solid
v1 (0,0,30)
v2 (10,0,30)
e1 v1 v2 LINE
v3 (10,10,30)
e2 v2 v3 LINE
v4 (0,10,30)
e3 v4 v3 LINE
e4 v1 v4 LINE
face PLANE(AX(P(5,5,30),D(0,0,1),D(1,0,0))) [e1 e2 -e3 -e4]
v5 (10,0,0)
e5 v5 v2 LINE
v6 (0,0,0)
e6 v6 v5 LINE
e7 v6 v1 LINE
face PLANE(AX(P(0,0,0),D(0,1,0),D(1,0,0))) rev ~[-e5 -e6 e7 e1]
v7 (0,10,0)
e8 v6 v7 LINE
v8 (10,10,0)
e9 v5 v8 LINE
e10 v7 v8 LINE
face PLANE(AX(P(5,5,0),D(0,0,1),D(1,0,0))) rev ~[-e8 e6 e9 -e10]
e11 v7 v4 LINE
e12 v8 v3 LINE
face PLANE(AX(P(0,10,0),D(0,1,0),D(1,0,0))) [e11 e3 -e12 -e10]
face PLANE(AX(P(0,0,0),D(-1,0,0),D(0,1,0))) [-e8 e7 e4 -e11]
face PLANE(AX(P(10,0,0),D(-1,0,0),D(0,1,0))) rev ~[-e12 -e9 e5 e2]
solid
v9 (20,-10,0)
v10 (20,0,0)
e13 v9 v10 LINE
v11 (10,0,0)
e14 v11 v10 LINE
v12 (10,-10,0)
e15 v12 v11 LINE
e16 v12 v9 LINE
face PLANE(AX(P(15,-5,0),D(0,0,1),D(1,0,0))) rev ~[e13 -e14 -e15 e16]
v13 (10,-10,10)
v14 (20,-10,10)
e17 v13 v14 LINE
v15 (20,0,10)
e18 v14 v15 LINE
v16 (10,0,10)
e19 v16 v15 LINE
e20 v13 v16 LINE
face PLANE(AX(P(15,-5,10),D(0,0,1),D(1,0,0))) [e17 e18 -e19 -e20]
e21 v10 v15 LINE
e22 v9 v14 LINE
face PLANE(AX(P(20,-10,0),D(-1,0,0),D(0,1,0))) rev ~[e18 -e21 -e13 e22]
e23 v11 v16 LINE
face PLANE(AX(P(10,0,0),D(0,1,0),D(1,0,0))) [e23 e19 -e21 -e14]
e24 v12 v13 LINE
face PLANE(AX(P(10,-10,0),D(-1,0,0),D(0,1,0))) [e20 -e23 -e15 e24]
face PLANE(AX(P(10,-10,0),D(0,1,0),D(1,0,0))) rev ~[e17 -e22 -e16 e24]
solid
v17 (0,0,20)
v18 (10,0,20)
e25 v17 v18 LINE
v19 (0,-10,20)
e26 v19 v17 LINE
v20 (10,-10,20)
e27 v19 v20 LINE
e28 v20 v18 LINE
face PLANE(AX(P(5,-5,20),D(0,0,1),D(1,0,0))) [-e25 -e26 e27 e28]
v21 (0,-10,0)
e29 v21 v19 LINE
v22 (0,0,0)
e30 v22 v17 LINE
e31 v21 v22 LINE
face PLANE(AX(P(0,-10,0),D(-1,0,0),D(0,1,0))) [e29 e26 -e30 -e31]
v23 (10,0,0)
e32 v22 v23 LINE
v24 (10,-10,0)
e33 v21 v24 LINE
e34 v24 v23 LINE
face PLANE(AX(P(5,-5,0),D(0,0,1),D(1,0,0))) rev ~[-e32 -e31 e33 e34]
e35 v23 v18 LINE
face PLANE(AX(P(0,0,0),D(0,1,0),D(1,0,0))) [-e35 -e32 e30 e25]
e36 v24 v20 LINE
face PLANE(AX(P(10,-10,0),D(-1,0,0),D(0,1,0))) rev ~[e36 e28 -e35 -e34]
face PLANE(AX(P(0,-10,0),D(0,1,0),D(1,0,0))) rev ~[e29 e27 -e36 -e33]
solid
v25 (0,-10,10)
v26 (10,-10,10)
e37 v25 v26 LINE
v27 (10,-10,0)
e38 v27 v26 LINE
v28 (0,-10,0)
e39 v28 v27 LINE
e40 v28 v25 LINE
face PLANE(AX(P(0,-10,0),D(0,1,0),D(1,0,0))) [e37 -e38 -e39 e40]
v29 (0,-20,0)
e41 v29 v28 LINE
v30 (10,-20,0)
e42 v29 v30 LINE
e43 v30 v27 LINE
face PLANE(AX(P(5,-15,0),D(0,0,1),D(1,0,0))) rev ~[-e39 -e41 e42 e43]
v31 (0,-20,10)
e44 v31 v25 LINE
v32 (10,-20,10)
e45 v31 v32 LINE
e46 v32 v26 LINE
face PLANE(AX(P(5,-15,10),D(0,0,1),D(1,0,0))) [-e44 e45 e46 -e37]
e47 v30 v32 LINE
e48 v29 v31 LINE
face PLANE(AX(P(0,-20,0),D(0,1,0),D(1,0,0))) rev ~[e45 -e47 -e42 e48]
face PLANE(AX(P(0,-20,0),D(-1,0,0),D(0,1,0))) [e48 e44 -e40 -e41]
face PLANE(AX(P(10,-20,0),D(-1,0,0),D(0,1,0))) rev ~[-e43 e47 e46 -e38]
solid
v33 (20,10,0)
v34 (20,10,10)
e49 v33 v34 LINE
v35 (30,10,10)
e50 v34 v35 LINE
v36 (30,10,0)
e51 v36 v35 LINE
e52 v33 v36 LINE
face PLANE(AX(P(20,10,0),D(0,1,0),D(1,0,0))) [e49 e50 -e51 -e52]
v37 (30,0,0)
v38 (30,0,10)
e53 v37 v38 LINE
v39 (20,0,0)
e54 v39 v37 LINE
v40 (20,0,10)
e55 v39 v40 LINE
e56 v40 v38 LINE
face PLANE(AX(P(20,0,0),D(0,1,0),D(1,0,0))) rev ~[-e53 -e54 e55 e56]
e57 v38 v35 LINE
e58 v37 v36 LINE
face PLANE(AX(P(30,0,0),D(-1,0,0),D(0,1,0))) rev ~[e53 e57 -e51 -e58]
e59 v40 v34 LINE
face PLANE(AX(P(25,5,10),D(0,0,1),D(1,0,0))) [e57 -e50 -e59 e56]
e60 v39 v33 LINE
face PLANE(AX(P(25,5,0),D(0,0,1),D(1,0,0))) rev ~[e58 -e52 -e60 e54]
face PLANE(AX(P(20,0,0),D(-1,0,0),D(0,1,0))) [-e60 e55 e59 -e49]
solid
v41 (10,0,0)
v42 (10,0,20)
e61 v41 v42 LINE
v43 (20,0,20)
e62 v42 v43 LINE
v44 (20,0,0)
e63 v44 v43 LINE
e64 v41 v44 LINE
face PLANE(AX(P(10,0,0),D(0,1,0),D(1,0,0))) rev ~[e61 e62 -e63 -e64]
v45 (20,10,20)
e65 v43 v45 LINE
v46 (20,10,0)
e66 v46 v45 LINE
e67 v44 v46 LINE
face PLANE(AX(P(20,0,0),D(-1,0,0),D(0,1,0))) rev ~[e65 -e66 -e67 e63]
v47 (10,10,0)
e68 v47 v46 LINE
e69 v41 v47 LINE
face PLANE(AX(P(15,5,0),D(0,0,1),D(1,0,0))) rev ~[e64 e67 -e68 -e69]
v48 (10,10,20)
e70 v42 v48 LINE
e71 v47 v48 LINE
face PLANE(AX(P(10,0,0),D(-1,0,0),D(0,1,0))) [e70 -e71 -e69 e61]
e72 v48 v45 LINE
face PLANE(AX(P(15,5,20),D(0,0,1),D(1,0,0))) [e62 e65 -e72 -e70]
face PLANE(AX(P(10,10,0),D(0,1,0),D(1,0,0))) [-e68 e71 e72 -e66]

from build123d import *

# Parameters (mm, degrees)
BOX_W        = 10
BOX_H        = 10
BOX_DEPTH    = 30
BOX001_W     = 10
BOX001_H     = 10
BOX001_DEPTH = 20
BOX002_W     = 10
BOX002_H     = 10
BOX002_DEPTH = 20
BOX003_W     = 10
BOX003_H     = 10
BOX003_DEPTH = 10
BOX004_W     = 10
BOX004_H     = 10
BOX004_DEPTH = 10
BOX005_W     = 10
BOX005_H     = 10
BOX005_DEPTH = 10


with BuildPart() as cub:
    # Box → Box (new body)
    with BuildSketch(Plane.XY):
        with Locations((5, 5)):
            Rectangle(BOX_W, BOX_H)
    extrude(amount=BOX_DEPTH)


with BuildPart() as cub001:
    # Box001 → Box001 (new body)
    with BuildSketch(Plane(origin=(10, 0, 0), x_dir=(1, 0, 0), z_dir=(0, 0, 1))):
        with Locations((5, 5)):
            Rectangle(BOX001_W, BOX001_H)
    extrude(amount=BOX001_DEPTH)


with BuildPart() as cub002:
    # Box002 → Box002 (new body)
    with BuildSketch(Plane(origin=(0, -10, 0), x_dir=(1, 0, 0), z_dir=(0, 0, 1))):
        with Locations((5, 5)):
            Rectangle(BOX002_W, BOX002_H)
    extrude(amount=BOX002_DEPTH)


with BuildPart() as cub003:
    # Box003 → Box003 (new body)
    with BuildSketch(Plane(origin=(10, -10, 0), x_dir=(1, 0, 0), z_dir=(0, 0, 1))):
        with Locations((5, 5)):
            Rectangle(BOX003_W, BOX003_H)
    extrude(amount=BOX003_DEPTH)


with BuildPart() as cub004:
    # Box004 → Box004 (new body)
    with BuildSketch(Plane(origin=(0, -20, 0), x_dir=(1, 0, 0), z_dir=(0, 0, 1))):
        with Locations((5, 5)):
            Rectangle(BOX004_W, BOX004_H)
    extrude(amount=BOX004_DEPTH)


with BuildPart() as cub005:
    # Box005 → Box005 (new body)
    with BuildSketch(Plane(origin=(20, 0, 0), x_dir=(1, 0, 0), z_dir=(0, 0, 1))):
        with Locations((5, 5)):
            Rectangle(BOX005_W, BOX005_H)
    extrude(amount=BOX005_DEPTH)


solid = Compound([cub.part, cub001.part, cub002.part, cub003.part, cub004.part, cub005.part])
